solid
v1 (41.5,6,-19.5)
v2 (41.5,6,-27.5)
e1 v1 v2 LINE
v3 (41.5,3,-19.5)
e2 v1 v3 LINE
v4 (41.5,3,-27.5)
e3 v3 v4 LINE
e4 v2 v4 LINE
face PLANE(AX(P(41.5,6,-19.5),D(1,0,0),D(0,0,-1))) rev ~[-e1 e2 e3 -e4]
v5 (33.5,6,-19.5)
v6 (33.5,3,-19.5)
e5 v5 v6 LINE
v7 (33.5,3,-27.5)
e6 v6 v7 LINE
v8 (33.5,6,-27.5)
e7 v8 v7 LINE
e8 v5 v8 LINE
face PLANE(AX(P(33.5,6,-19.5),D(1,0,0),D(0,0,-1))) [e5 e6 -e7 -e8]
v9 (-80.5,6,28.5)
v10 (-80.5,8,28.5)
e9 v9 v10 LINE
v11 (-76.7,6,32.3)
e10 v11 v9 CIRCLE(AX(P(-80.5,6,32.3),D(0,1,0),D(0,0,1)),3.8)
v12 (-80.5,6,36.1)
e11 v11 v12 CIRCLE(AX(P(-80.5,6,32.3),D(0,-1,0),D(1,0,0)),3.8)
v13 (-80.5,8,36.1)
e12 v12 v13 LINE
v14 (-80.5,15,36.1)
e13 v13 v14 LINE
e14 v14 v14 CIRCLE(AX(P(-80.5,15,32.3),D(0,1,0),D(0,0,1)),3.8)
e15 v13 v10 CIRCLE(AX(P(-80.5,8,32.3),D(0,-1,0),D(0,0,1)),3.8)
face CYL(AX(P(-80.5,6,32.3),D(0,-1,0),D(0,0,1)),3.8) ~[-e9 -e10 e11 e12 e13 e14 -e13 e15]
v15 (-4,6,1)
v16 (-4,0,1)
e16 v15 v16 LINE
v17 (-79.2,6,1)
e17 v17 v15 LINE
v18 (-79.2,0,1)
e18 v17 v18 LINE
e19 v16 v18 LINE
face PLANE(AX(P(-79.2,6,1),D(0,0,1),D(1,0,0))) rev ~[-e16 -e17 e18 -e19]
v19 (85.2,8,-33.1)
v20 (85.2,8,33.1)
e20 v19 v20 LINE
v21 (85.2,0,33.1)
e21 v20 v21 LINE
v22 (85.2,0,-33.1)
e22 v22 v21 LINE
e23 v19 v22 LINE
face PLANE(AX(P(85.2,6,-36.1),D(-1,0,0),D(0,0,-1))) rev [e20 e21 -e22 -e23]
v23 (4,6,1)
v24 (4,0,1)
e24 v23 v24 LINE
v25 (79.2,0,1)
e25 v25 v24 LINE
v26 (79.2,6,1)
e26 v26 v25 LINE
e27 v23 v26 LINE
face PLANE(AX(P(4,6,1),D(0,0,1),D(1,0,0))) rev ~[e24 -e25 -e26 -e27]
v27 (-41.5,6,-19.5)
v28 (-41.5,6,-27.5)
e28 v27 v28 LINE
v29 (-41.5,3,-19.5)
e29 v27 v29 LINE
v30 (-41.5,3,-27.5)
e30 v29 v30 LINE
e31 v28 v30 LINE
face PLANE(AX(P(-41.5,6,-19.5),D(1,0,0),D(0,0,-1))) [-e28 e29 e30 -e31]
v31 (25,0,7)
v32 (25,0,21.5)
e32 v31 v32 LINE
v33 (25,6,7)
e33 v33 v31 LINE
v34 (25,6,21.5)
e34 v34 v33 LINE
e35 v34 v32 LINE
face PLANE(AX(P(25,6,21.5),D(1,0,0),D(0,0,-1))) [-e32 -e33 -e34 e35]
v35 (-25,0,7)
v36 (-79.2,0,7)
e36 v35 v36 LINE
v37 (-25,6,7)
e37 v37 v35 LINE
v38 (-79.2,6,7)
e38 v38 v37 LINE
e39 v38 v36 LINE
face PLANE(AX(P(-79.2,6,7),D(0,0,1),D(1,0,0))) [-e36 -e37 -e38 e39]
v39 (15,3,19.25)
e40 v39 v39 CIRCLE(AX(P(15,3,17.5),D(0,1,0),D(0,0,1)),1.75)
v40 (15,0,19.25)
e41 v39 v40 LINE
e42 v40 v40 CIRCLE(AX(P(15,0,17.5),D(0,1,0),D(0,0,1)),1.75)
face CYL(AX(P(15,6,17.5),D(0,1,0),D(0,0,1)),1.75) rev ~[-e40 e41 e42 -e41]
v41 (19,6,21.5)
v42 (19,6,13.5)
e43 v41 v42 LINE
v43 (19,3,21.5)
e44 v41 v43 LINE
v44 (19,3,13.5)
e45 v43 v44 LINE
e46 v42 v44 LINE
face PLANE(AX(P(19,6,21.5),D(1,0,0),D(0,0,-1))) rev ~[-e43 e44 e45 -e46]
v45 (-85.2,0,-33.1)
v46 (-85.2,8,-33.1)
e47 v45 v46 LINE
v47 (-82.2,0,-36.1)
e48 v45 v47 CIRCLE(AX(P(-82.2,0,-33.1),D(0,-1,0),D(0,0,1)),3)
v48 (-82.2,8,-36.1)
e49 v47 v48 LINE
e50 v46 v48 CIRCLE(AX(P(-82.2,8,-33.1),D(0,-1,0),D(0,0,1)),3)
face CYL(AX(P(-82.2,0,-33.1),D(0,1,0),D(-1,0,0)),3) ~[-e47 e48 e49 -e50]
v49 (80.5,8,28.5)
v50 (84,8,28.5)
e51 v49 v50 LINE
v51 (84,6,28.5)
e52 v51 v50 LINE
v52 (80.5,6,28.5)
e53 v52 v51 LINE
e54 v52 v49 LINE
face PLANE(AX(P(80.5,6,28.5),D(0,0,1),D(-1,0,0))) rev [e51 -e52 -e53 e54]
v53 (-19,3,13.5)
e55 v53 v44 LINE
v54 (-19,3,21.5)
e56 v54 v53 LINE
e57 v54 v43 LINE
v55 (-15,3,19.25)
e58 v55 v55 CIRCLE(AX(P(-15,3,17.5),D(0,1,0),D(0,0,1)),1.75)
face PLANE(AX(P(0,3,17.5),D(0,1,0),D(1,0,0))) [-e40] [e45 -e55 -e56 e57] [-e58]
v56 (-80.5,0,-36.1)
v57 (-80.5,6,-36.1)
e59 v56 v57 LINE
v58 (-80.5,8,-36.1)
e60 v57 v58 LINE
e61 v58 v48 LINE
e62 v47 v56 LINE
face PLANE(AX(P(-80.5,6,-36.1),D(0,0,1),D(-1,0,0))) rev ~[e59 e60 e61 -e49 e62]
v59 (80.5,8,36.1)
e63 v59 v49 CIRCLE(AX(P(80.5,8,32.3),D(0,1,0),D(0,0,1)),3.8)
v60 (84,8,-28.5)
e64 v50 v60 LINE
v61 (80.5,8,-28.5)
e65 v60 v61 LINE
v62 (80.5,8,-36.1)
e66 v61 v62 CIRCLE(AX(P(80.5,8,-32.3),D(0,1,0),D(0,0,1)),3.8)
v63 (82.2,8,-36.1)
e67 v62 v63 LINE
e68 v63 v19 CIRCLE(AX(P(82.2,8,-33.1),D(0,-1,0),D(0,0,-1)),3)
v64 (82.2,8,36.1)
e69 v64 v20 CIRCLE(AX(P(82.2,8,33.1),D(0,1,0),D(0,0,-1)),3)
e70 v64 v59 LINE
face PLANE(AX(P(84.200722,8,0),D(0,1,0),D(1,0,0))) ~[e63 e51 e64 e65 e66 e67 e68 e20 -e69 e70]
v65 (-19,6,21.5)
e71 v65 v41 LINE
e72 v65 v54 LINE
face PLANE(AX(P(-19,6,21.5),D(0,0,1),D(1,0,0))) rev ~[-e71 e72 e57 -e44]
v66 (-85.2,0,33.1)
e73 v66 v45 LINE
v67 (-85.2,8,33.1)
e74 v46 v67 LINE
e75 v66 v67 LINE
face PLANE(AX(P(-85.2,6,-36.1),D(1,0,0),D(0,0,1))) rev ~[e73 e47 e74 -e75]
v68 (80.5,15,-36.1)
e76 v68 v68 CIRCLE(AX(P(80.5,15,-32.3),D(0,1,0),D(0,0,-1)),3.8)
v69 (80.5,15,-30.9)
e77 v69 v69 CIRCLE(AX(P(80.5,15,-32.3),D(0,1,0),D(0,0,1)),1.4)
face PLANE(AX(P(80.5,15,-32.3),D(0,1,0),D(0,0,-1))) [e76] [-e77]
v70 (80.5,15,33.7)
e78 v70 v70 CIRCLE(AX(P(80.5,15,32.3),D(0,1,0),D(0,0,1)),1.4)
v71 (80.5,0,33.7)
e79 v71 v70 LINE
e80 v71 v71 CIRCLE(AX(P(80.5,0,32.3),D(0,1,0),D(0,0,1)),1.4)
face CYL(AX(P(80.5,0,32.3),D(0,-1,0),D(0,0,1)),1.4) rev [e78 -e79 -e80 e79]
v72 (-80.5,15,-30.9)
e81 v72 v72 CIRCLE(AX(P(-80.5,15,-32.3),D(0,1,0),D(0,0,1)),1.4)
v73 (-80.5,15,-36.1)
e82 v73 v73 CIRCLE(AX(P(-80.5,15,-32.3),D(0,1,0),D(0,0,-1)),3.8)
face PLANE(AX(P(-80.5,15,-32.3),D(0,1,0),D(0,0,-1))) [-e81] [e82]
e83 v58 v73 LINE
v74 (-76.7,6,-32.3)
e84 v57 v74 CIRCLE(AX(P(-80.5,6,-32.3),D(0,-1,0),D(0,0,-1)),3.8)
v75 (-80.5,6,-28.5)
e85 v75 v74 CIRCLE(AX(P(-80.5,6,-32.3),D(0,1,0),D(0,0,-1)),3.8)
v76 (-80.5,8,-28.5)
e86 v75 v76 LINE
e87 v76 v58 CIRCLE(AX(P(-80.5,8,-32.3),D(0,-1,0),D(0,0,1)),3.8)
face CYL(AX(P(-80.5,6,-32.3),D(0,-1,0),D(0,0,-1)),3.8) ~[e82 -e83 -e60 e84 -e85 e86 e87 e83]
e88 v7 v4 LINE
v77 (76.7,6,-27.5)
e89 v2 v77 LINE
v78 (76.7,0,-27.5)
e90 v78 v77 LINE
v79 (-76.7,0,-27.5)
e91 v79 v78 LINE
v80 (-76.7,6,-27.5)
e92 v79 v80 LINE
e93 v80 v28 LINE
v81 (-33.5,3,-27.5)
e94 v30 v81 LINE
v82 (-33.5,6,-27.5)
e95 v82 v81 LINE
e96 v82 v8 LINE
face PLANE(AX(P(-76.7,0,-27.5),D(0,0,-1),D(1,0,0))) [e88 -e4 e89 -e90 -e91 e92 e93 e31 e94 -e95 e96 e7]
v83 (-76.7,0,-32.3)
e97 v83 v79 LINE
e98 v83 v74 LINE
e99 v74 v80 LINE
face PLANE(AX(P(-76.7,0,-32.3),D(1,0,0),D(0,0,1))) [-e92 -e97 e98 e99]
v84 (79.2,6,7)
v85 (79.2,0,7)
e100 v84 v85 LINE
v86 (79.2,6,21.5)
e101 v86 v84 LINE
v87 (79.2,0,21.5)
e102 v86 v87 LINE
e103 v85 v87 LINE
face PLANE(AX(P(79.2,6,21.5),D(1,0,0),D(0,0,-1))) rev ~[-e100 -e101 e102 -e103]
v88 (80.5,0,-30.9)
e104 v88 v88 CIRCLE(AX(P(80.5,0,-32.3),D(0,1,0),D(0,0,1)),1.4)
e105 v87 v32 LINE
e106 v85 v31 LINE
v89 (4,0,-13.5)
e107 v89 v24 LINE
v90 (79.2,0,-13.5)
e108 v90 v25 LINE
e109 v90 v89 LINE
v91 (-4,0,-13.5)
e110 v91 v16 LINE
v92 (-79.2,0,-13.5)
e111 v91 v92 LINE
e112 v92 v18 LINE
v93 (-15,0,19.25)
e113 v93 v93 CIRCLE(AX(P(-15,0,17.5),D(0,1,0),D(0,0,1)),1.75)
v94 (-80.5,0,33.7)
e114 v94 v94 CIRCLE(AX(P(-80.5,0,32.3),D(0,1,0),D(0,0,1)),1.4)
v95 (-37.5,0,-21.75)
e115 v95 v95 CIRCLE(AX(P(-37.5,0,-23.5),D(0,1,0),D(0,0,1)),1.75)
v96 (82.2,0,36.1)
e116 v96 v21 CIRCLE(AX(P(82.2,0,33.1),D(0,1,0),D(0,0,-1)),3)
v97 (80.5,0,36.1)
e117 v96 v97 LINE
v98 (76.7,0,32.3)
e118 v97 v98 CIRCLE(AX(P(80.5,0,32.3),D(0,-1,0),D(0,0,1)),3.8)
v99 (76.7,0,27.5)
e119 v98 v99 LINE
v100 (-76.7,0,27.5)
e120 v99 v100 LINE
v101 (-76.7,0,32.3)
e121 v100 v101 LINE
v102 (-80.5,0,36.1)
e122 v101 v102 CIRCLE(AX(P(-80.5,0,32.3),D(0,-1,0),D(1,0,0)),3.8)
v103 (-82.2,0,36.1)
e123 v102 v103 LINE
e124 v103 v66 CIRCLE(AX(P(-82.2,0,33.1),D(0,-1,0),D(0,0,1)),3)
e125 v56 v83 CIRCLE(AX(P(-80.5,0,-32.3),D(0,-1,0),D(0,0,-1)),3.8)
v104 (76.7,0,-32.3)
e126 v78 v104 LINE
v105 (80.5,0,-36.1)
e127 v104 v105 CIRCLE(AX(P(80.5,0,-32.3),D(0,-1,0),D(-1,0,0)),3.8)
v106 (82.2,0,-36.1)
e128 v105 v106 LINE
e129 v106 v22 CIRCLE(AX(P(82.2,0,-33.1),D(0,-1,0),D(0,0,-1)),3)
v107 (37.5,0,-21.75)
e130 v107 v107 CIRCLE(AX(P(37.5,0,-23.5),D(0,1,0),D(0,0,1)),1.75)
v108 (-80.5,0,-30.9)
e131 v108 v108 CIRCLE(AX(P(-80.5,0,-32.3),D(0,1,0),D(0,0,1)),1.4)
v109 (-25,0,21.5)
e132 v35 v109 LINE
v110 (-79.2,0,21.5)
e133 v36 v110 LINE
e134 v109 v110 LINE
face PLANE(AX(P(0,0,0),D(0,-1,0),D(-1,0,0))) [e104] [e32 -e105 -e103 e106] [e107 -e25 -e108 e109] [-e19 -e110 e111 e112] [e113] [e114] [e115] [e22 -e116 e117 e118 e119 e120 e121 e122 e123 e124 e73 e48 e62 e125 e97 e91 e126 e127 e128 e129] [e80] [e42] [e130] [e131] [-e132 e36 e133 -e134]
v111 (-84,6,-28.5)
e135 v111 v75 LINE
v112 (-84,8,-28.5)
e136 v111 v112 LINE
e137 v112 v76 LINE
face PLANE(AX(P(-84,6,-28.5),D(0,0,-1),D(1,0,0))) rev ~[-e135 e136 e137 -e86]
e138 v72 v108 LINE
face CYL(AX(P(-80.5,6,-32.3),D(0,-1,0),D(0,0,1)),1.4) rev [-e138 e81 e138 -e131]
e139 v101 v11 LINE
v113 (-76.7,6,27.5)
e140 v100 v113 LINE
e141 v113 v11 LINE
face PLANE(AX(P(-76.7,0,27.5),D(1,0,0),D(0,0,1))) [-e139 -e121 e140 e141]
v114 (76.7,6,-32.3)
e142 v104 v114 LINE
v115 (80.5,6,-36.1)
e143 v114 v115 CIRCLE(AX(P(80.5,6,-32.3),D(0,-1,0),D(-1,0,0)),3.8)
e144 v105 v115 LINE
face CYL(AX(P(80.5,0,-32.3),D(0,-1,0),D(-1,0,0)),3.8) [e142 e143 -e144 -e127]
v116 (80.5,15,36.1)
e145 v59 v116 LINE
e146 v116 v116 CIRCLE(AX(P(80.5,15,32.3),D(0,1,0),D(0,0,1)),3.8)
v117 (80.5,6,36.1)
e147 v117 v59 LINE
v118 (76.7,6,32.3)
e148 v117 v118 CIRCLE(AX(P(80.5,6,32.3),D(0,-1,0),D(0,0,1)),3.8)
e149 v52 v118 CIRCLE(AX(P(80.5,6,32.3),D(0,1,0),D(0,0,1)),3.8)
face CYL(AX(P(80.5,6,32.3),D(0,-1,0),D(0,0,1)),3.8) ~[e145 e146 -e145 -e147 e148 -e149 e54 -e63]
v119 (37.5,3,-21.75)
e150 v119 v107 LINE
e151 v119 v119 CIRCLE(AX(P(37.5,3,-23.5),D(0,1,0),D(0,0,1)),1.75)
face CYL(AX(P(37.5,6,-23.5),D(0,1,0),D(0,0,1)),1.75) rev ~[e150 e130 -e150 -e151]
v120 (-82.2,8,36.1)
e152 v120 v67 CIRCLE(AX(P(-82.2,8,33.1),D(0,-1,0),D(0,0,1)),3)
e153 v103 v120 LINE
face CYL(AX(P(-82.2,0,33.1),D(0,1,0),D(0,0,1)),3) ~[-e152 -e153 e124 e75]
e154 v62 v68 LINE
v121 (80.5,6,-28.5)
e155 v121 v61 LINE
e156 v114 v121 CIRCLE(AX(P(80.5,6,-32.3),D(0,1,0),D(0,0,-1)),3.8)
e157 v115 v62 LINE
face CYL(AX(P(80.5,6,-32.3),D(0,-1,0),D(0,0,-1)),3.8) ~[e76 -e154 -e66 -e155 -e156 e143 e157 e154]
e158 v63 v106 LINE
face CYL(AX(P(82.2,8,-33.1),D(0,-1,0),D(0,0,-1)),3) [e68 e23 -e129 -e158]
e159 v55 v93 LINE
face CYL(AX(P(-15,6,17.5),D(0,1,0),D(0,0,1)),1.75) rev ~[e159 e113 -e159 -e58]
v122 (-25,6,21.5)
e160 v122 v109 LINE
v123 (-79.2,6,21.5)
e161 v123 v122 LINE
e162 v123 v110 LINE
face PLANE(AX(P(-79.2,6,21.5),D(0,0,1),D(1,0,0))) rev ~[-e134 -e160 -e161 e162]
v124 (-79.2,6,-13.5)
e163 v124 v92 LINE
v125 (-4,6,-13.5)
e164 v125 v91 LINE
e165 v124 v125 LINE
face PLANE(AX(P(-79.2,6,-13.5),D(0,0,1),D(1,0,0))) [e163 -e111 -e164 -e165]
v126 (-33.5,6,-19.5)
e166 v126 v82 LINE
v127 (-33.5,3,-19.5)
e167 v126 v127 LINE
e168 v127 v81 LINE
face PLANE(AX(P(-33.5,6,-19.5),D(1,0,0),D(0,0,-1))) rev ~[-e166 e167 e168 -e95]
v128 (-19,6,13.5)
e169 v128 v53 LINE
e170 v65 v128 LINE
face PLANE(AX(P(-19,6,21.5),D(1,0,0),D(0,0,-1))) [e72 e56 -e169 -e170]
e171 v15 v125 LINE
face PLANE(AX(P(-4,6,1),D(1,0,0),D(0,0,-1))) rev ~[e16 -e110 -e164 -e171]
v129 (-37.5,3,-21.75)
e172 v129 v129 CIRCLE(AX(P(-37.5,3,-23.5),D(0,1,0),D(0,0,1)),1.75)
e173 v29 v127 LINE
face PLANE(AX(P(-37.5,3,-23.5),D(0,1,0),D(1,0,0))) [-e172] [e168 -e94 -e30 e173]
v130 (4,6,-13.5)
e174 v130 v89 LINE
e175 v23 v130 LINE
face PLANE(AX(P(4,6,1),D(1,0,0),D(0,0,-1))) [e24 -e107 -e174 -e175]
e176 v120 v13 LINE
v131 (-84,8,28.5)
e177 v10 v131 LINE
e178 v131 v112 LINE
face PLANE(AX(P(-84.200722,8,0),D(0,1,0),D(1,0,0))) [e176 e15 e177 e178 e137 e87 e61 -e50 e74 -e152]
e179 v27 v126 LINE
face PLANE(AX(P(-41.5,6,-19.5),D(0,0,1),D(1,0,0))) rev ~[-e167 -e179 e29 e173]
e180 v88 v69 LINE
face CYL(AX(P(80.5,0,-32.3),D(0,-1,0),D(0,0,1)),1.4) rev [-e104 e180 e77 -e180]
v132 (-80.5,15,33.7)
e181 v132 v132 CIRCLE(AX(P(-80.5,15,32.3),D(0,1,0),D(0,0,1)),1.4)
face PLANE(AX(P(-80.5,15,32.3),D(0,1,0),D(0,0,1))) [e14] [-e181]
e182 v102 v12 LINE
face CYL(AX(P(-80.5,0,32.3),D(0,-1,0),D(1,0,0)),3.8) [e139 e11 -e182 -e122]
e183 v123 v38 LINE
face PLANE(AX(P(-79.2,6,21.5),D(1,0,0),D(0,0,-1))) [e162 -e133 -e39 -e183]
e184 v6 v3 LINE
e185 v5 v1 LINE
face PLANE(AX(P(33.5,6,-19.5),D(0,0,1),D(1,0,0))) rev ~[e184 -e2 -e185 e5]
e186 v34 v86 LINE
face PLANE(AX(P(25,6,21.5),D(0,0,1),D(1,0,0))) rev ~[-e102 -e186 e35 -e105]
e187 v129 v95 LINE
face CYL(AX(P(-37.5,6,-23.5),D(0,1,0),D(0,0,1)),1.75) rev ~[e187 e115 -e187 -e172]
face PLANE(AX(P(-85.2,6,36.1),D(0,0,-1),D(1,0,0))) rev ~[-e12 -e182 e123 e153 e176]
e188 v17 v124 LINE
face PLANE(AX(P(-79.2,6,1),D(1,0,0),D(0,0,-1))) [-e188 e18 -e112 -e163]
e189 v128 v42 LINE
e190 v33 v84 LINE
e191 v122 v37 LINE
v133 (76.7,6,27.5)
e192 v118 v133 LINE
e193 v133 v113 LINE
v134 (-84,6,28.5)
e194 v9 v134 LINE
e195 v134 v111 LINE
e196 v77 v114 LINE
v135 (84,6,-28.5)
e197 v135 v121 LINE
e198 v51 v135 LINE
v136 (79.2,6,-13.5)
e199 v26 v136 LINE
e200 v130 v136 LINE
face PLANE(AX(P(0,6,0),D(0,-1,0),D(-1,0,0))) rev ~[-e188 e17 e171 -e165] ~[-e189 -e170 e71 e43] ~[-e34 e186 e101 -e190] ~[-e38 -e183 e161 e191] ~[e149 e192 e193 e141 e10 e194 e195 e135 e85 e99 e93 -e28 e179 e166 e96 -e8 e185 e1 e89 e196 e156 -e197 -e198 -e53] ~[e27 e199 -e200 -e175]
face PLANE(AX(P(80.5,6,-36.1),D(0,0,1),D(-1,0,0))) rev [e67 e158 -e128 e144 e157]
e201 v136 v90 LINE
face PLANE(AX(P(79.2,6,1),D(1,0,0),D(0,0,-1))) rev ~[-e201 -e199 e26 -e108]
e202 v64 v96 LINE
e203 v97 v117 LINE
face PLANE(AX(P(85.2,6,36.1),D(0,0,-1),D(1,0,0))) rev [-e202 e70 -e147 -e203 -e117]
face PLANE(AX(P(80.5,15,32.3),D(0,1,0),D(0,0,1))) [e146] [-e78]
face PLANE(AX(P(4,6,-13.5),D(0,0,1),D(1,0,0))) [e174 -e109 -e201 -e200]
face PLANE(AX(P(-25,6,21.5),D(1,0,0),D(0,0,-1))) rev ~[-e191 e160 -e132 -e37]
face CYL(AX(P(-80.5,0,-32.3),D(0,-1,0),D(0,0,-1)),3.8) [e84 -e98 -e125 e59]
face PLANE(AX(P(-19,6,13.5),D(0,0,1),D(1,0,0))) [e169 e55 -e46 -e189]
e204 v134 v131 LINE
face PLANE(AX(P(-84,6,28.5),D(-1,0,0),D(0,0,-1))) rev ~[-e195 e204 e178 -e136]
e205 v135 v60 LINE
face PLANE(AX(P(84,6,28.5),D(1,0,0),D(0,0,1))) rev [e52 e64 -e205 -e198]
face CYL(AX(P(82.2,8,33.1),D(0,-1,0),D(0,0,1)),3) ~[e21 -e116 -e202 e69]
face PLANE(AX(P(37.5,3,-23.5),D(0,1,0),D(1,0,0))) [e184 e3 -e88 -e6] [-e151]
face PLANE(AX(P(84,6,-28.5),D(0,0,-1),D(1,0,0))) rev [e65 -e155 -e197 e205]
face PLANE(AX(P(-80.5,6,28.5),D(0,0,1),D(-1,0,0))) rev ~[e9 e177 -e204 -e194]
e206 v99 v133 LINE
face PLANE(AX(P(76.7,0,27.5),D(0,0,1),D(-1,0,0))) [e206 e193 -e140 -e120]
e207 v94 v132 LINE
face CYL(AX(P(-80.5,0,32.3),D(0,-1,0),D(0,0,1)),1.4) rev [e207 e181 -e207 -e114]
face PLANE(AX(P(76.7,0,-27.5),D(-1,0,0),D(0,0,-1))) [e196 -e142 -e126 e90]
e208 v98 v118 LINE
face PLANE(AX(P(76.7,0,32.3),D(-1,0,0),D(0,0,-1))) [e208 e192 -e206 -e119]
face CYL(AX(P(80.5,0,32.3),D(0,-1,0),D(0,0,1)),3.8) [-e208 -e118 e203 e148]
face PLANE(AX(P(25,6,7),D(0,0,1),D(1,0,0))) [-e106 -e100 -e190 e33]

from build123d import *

# Parameters (mm, degrees)
SCHIZZO1_R                   = 1.4
ESTRUSIONE_ESTRUSIONE1_DEPTH = 6
SCHIZZO2_R                   = 3.8
SCHIZZO2_R_2                 = 1.4
ESTRUSIONE_ESTRUSIONE2_DEPTH = 9
SCHIZZO3_R                   = 1.75
TAGLIO_ESTRUSIONE1_DEPTH     = 93.969080882
SCHIZZO5_W                   = 8
SCHIZZO5_H                   = 8
SCHIZZO5_W_2                 = 38
TAGLIO_ESTRUSIONE2_DEPTH     = 3
SCHIZZO6_W                   = 75.2
SCHIZZO6_H                   = 14.5
SCHIZZO6_W_2                 = 54.2
TAGLIO_ESTRUSIONE3_DEPTH     = 93.969080882
ESTRUSIONE_ESTRUSIONE4_DEPTH = 2
RACCORDO1_R                  = 3


with BuildPart() as part:
    # Schizzo1 → Estrusione-Estrusione1 (new body)
    with BuildSketch(Plane(origin=(0, 0, 0), x_dir=(1, 0, 0), z_dir=(0, 1, 0))):
        with BuildLine():
            Line((-76.7, -27.5), (-76.7, -32.3))
            ThreePointArc((-76.7, -32.3), (-77.812994231, -34.987005769), (-80.5, -36.1))
            Line((-80.5, -36.1), (-85.2, -36.1))
            Line((-85.2, -36.1), (-85.2, 36.1))
            Line((-85.2, 36.1), (-80.5, 36.1))
            ThreePointArc((-80.5, 36.1), (-77.812994231, 34.987005769), (-76.7, 32.3))
            Line((-76.7, 32.3), (-76.7, 27.5))
            Line((-76.7, 27.5), (76.7, 27.5))
            Line((76.7, 27.5), (76.7, 32.3))
            ThreePointArc((76.7, 32.3), (77.812994231, 34.987005769), (80.5, 36.1))
            Line((80.5, 36.1), (85.2, 36.1))
            Line((85.2, 36.1), (85.2, -36.1))
            Line((85.2, -36.1), (80.5, -36.1))
            ThreePointArc((80.5, -36.1), (77.812994231, -34.987005769), (76.7, -32.3))
            Line((76.7, -32.3), (76.7, -27.5))
            Line((76.7, -27.5), (-76.7, -27.5))
        make_face()
        with Locations(Location((-80.5, 32.3, 0), (0, 0, 270))):
            Circle(SCHIZZO1_R, mode=Mode.SUBTRACT)
        with Locations(Location((-80.5, -32.3, 0), (0, 0, 270))):
            Circle(SCHIZZO1_R, mode=Mode.SUBTRACT)
        with Locations(Location((80.5, -32.3, 0), (0, 0, 270))):
            Circle(SCHIZZO1_R, mode=Mode.SUBTRACT)
        with Locations(Location((80.5, 32.3, 0), (0, 0, 270))):
            Circle(SCHIZZO1_R, mode=Mode.SUBTRACT)
    extrude(amount=ESTRUSIONE_ESTRUSIONE1_DEPTH)

    # Schizzo2 → Estrusione-Estrusione2 (add)
    # profile 1 of 4: a face of its own
    with BuildSketch(Plane(origin=(0, 6, 0), x_dir=(1, 0, 0), z_dir=(0, 1, 0))):
        with Locations(Location((-80.5, 32.3, 0), (0, 0, 90))):
            Circle(SCHIZZO2_R)
        with Locations(Location((-80.5, 32.3, 0), (0, 0, 270))):
            Circle(SCHIZZO2_R_2, mode=Mode.SUBTRACT)
    # profile 2 of 4: a face of its own
    with BuildSketch(Plane(origin=(0, 6, 0), x_dir=(1, 0, 0), z_dir=(0, 1, 0))):
        with Locations(Location((-80.5, -32.3, 0), (0, 0, 270))):
            Circle(SCHIZZO2_R)
        with Locations(Location((-80.5, -32.3, 0), (0, 0, 270))):
            Circle(SCHIZZO2_R_2, mode=Mode.SUBTRACT)
    # profile 3 of 4: a face of its own
    with BuildSketch(Plane(origin=(0, 6, 0), x_dir=(1, 0, 0), z_dir=(0, 1, 0))):
        with Locations(Location((80.5, -32.3, 0), (0, 0, 270))):
            Circle(SCHIZZO2_R)
        with Locations(Location((80.5, -32.3, 0), (0, 0, 270))):
            Circle(SCHIZZO2_R_2, mode=Mode.SUBTRACT)
    # profile 4 of 4: a face of its own
    with BuildSketch(Plane(origin=(0, 6, 0), x_dir=(1, 0, 0), z_dir=(0, 1, 0))):
        with Locations(Location((80.5, 32.3, 0), (0, 0, 90))):
            Circle(SCHIZZO2_R)
        with Locations(Location((80.5, 32.3, 0), (0, 0, 270))):
            Circle(SCHIZZO2_R_2, mode=Mode.SUBTRACT)
    extrude(amount=ESTRUSIONE_ESTRUSIONE2_DEPTH)

    # Schizzo3 → Taglio-Estrusione1 (cut, through all)
    with BuildSketch(Plane(origin=(0, 6, 0), x_dir=(1, 0, 0), z_dir=(0, 1, 0))):
        with Locations(Location((-37.5, 23.5, 0), (0, 0, 270))):
            Circle(SCHIZZO3_R)
        with Locations(Location((-15, -17.5, 0), (0, 0, 270))):
            Circle(SCHIZZO3_R)
        with Locations(Location((15, -17.5, 0), (0, 0, 270))):
            Circle(SCHIZZO3_R)
        with Locations(Location((37.5, 23.5, 0), (0, 0, 270))):
            Circle(SCHIZZO3_R)
    extrude(amount=-TAGLIO_ESTRUSIONE1_DEPTH, mode=Mode.SUBTRACT)

    # Schizzo5 → Taglio-Estrusione2 (cut)
    with BuildSketch(Plane(origin=(0, 6, 0), x_dir=(1, 0, 0), z_dir=(0, 1, 0))):
        with Locations((37.5, 23.5)):
            Rectangle(SCHIZZO5_W, SCHIZZO5_H)
        with Locations((-37.5, 23.5)):
            Rectangle(SCHIZZO5_W, SCHIZZO5_H)
        with Locations((0, -17.5)):
            Rectangle(SCHIZZO5_W_2, SCHIZZO5_H)
    extrude(amount=-TAGLIO_ESTRUSIONE2_DEPTH, mode=Mode.SUBTRACT)

    # Schizzo6 → Taglio-Estrusione3 (cut, through all)
    with BuildSketch(Plane(origin=(0, 6, 0), x_dir=(1, 0, 0), z_dir=(0, 1, 0))):
        with Locations((-41.6, 6.25)):
            Rectangle(SCHIZZO6_W, SCHIZZO6_H)
        with Locations((41.6, 6.25)):
            Rectangle(SCHIZZO6_W, SCHIZZO6_H)
        with Locations((-52.1, -14.25)):
            Rectangle(SCHIZZO6_W_2, SCHIZZO6_H)
        with Locations((52.1, -14.25)):
            Rectangle(SCHIZZO6_W_2, SCHIZZO6_H)
    extrude(amount=-TAGLIO_ESTRUSIONE3_DEPTH, mode=Mode.SUBTRACT)

    # Schizzo7 → Estrusione-Estrusione4 (add)
    with BuildSketch(Plane(origin=(0, 6, 0), x_dir=(1, 0, 0), z_dir=(0, 1, 0))):
        with BuildLine():
            Line((-80.5, 36.1), (-85.2, 36.1))
            Line((-85.2, 36.1), (-85.2, -36.1))
            Line((-85.2, -36.1), (-80.5, -36.1))
            ThreePointArc((-80.5, -36.1), (-84.3, -32.3), (-80.5, -28.5))
            Line((-80.5, -28.5), (-84, -28.5))
            Line((-84, -28.5), (-84, 28.5))
            Line((-84, 28.5), (-80.5, 28.5))
            ThreePointArc((-80.5, 28.5), (-84.3, 32.3), (-80.5, 36.1))
        make_face()
    estrusione_estrusione4 = extrude(amount=ESTRUSIONE_ESTRUSIONE4_DEPTH)

    # Specchia3: Estrusione-Estrusione4 across plane
    add(estrusione_estrusione4.mirror(Plane(origin=(0, 0, 0), x_dir=(0, 0, 1), z_dir=(1, 0, 0))))

    # Raccordo1
    raccordo1_edges = [part.edges().sort_by_distance(p)[0] for p in [
        (85.2, 4, -36.1),
        (85.2, 4, 36.1),
        (-85.2, 3, 36.1),
        (-85.2, 3, -36.1),
    ]]
    fillet(raccordo1_edges, radius=RACCORDO1_R)


solid = part.part
